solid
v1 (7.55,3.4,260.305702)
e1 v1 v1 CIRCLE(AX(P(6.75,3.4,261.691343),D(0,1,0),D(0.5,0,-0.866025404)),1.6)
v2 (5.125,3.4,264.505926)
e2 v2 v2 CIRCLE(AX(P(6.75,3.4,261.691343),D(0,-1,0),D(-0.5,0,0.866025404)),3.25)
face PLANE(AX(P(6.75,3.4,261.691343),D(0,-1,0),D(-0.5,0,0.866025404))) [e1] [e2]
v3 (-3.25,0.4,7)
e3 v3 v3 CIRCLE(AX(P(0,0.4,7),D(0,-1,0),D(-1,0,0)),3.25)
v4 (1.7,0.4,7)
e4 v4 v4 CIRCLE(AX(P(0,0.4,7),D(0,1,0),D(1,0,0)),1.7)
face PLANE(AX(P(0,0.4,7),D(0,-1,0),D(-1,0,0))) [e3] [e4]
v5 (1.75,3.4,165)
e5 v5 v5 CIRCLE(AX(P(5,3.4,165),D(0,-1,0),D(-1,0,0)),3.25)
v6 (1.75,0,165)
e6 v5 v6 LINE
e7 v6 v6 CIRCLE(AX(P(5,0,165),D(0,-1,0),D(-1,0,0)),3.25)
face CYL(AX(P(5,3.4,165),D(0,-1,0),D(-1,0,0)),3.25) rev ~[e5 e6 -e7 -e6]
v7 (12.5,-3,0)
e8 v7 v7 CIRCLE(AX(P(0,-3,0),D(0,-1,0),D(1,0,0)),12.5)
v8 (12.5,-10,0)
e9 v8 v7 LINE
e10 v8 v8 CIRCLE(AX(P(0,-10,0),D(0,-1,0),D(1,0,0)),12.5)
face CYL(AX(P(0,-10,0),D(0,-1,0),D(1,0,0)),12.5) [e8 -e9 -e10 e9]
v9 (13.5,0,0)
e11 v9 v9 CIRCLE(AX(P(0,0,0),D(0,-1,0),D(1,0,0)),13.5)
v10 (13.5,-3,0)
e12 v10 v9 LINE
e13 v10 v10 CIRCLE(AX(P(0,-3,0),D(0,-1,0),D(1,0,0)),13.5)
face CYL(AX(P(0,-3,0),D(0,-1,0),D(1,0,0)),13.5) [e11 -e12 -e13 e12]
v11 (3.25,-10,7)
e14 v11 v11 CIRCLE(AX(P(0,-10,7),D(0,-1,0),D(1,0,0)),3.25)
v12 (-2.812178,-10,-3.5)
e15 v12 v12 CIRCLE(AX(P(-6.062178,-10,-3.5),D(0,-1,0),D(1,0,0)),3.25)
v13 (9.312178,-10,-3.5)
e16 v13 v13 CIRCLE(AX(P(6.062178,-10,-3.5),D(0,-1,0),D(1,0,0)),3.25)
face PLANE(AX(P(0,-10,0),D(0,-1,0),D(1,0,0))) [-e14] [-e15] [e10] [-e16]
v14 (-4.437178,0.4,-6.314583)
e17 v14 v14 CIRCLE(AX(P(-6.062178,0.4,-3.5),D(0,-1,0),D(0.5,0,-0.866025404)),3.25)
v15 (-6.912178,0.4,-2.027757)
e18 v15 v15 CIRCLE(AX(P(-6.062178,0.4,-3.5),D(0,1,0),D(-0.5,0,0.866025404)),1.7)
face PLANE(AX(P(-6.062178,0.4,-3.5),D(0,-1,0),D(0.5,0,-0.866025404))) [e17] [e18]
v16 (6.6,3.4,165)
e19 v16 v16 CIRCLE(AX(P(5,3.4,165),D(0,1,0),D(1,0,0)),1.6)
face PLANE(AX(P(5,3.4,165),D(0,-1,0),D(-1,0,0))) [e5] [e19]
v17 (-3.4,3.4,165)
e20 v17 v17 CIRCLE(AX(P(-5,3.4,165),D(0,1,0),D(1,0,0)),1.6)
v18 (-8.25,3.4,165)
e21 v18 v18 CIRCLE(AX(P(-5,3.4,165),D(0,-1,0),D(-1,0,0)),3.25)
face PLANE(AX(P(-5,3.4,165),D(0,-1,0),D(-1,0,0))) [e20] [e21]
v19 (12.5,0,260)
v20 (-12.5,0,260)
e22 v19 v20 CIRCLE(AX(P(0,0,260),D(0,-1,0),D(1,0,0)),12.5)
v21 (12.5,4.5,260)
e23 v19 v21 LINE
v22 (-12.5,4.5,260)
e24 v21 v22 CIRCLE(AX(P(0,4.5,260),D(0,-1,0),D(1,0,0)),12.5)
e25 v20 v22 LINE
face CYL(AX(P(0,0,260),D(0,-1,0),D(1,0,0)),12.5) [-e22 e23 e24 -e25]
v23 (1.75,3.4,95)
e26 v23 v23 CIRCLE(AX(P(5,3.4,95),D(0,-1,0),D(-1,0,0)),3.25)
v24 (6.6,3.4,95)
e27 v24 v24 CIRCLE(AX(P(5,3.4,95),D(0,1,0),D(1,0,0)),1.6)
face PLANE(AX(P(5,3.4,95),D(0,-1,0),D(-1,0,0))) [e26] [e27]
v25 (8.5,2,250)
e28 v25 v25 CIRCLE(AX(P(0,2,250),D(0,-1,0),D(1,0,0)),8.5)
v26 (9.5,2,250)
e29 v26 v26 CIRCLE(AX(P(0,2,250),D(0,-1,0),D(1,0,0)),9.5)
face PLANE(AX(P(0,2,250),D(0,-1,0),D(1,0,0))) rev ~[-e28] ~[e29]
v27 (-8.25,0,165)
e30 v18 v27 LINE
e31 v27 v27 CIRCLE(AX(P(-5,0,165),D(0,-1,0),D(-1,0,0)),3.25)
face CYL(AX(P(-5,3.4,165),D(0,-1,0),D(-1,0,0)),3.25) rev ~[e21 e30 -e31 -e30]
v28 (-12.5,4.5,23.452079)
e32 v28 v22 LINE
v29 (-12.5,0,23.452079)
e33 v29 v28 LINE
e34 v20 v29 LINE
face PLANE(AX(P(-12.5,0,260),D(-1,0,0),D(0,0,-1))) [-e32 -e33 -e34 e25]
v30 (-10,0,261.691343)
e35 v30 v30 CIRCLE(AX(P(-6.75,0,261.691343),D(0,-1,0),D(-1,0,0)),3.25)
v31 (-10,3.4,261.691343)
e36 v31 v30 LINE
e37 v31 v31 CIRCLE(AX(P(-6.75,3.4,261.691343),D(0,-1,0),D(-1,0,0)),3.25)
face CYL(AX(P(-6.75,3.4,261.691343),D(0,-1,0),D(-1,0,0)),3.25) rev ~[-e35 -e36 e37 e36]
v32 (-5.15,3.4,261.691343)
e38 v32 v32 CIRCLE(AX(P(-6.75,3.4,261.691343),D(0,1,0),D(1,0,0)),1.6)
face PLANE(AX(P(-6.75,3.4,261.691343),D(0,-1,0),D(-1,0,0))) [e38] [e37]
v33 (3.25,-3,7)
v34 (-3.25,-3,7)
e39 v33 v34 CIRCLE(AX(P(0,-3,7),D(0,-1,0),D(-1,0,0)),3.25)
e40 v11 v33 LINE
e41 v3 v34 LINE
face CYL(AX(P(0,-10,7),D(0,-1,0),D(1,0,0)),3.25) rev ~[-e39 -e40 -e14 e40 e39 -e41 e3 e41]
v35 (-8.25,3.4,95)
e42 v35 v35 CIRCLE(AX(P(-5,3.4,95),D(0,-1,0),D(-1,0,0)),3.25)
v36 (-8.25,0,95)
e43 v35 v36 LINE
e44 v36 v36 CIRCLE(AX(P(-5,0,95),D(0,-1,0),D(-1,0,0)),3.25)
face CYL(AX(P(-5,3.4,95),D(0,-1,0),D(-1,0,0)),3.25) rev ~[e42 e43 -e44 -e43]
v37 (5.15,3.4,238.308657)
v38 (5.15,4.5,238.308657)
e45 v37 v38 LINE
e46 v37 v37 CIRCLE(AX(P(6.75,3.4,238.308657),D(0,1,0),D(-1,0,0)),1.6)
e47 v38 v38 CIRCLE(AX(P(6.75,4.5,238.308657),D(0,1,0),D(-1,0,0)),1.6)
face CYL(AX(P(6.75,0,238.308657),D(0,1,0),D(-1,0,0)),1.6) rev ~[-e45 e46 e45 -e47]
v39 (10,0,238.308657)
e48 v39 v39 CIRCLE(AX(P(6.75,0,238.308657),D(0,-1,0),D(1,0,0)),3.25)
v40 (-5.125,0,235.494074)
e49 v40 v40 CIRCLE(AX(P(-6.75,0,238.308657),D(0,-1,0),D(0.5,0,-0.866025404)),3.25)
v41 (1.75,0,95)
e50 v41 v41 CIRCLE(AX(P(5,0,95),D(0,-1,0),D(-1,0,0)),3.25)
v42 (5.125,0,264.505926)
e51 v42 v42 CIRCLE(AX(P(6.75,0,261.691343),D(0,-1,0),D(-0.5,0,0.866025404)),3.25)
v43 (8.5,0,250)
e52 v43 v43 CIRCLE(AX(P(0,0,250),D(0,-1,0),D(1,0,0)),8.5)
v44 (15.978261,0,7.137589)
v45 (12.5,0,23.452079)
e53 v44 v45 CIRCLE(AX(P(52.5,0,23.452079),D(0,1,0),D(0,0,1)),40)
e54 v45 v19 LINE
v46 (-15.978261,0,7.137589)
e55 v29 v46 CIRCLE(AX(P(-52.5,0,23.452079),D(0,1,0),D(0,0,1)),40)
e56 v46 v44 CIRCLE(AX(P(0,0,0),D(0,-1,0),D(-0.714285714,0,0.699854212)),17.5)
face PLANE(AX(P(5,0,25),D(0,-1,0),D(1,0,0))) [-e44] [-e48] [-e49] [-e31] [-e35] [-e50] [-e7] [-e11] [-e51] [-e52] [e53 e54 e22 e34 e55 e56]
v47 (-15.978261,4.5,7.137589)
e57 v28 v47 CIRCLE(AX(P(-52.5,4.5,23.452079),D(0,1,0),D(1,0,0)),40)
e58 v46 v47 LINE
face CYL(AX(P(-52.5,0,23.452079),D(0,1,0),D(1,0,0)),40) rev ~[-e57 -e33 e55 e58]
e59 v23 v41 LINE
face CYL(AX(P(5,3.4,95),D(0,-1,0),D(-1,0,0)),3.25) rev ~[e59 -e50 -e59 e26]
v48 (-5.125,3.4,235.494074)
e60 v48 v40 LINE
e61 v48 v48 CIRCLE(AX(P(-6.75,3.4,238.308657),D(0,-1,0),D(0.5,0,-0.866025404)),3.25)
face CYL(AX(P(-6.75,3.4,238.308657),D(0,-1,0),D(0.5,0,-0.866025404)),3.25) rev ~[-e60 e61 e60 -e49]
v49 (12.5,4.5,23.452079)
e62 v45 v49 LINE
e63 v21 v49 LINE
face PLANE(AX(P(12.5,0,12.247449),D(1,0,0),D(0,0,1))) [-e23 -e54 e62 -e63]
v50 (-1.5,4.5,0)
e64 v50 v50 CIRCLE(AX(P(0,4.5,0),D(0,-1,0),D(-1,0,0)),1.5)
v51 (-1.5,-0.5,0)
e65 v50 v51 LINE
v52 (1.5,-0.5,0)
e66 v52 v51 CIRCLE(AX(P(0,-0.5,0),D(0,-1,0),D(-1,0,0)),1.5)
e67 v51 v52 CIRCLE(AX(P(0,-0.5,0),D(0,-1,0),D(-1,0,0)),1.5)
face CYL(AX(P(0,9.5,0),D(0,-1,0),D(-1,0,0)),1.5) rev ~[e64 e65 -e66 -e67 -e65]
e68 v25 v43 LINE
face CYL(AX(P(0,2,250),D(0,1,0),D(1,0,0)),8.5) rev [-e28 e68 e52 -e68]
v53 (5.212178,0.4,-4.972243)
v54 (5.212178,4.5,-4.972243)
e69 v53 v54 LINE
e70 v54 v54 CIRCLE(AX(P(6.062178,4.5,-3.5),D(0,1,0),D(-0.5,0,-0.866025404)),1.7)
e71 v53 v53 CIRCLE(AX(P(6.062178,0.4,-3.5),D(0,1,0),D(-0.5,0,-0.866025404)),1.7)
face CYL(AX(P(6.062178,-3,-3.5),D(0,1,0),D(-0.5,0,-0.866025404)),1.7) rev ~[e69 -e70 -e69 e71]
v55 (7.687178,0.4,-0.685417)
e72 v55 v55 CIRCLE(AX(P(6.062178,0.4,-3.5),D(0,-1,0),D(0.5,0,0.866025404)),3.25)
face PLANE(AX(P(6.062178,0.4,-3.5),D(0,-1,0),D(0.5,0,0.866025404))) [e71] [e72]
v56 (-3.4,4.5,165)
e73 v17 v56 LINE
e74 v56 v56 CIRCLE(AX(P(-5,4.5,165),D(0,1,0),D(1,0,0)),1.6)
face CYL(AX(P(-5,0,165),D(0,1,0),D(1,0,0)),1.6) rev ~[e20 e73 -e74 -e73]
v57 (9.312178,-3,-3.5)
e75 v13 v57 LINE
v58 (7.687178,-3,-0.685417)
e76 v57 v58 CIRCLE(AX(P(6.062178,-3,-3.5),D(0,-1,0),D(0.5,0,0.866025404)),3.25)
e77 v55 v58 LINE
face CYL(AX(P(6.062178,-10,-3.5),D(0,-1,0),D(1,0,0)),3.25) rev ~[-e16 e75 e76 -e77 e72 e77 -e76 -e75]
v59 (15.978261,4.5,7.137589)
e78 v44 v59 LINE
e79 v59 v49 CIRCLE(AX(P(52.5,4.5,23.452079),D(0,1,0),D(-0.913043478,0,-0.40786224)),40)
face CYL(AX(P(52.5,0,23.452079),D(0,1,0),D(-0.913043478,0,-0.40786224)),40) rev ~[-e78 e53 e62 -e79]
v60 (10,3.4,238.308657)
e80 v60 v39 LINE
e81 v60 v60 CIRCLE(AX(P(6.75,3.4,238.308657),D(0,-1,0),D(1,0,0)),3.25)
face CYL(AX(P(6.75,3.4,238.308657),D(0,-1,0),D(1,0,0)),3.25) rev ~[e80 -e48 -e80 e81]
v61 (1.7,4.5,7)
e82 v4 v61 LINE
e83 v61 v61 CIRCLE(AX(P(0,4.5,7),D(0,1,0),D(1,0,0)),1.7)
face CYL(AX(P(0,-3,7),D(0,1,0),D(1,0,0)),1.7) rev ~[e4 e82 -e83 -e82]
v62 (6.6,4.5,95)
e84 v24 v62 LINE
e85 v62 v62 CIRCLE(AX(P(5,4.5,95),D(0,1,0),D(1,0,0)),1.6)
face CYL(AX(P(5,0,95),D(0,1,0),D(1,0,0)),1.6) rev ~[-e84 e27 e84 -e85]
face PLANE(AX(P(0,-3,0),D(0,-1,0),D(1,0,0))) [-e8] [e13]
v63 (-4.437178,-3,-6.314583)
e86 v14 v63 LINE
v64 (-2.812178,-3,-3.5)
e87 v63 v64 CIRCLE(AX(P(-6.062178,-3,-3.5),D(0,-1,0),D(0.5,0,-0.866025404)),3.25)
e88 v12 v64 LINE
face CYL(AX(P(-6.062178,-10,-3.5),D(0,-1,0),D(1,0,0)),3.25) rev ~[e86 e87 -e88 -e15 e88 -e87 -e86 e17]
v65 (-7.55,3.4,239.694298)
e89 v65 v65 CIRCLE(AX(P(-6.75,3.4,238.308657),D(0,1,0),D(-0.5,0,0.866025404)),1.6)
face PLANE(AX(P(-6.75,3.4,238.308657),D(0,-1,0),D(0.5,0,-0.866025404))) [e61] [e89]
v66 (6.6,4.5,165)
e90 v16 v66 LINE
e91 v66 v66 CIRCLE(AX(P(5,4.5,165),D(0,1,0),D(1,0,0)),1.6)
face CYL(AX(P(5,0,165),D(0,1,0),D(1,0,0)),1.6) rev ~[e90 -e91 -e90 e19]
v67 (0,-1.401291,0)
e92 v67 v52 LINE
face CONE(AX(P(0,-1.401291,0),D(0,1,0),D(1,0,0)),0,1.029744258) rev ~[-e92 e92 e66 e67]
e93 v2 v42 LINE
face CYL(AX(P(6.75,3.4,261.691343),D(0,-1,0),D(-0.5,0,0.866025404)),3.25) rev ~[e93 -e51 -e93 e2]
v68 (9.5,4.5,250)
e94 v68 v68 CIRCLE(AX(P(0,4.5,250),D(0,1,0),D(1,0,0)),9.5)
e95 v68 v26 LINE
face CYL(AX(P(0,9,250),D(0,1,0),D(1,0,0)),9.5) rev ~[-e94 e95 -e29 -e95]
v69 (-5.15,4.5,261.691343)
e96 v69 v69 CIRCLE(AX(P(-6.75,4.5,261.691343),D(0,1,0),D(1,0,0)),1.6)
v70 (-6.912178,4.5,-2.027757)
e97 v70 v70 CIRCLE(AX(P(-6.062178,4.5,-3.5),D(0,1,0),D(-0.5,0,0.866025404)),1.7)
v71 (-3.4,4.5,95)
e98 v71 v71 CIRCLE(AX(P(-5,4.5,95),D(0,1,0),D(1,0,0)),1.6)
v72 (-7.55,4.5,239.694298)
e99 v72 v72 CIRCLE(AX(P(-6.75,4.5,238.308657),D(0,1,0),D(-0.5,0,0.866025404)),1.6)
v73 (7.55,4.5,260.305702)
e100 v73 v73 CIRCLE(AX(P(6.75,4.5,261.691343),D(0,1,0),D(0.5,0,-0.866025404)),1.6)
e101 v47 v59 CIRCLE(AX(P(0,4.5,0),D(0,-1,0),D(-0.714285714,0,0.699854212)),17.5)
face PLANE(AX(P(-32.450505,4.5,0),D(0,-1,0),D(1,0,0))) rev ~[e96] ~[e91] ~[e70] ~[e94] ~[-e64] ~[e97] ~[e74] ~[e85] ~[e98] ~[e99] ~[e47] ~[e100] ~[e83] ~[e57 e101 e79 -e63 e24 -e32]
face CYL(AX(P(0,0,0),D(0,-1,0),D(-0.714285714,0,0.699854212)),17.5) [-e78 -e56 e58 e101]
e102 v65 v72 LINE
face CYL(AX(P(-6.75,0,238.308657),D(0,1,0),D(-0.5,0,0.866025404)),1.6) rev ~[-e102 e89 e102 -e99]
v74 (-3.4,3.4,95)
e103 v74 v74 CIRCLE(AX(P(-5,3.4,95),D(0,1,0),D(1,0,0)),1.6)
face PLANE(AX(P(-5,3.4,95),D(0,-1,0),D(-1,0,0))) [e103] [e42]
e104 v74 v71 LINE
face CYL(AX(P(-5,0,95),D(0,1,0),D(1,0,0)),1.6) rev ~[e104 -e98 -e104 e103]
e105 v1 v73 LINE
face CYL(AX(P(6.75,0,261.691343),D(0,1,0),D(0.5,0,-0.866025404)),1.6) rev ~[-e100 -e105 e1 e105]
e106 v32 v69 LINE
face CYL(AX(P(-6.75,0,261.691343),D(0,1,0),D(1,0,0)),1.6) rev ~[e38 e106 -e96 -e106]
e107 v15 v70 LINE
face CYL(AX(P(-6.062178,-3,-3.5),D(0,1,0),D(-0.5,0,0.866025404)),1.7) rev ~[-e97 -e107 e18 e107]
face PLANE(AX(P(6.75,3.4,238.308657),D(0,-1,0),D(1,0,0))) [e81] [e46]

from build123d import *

# Parameters (mm, degrees)
EXTRUDE_1_DEPTH              = 9
SKETCH_3_R                   = 13.5
EXTRUDE_2_DEPTH              = 2
EXTRUDE_START                = 3
SKETCH_4_R                   = 13.5
EXTRUDE_3_DEPTH              = 3
SKETCH_5_R                   = 9.5
CUT_EXTRUDE_2_DEPTH          = 274.324898244
HOLE_WIZARD_M3_4_D           = 3.4
HOLE_WIZARD_M3_4_CBORE_D     = 6.5
HOLE_WIZARD_M3_4_CBORE_DEPTH = 3.4
PATTERN_CIRCULAR_1_COUNT     = 3
EXTRUDE_START_2              = 7
SKETCH_11_R                  = 12.5
SKETCH_11_R_2                = 3.25
EXTRUDE_4_DEPTH              = 7
SKETCH_13_R                  = 11
CUT_EXTRUDE_3_DEPTH          = 3
FILLET_1_R                   = 40
SKETCH_26_W                  = 65.136073631
SKETCH_26_H                  = 16.815092821
CUT_EXTRUDE_5_DEPTH          = 1111
EXTRUDE_START_3              = -2
SKETCH_28_R                  = 9.5
SKETCH_28_R_2                = 8.5
EXTRUDE_5_DEPTH              = 2
HOLE_WIZARD_M3_2_D           = 3.2
HOLE_WIZARD_M3_2_CBORE_D     = 6.5
HOLE_WIZARD_M3_2_CBORE_DEPTH = 3.4
PATTERN_LINEAR_1_COUNT       = 3
PATTERN_LINEAR_1_PITCH       = 70
PATTERN_LINEAR_1_COUNT_DIR2  = 2
PATTERN_LINEAR_1_PITCH_DIR2  = 10
HOLE_WIZARD_M3_3_D           = 3.2
HOLE_WIZARD_M3_3_CBORE_D     = 6.5
HOLE_WIZARD_M3_3_CBORE_DEPTH = 3.4
PATTERN_CIRCULAR_2_COUNT     = 6
SKETCH_39_R                  = 3.25
EXTRUDE_6_DEPTH              = 4.5
F_3_0MM_1_D                  = 3
F_3_0MM_1_DEPTH              = 5
F_3_0MM_1_TIP                = 0.901290929


with BuildPart() as part:
    # 스케치1 → 보스-돌출1 (new body)
    with BuildSketch(Plane(origin=(0, 0, 0), x_dir=(1, 0, 0), z_dir=(0, 1, 0))):
        with BuildLine():
            Line((-12.5, -260), (-12.5, -12.247448714))
            ThreePointArc((-12.5, -12.247448714), (0, 17.5), (12.5, -12.247448714))
            Line((12.5, -12.247448714), (12.5, -260))
            ThreePointArc((12.5, -260), (0, -272.5), (-12.5, -260))
        make_face()
    extrude(amount=EXTRUDE_1_DEPTH)

    # 스케치3 → 보스-돌출2 (add)
    with BuildSketch(Plane(origin=(0, 9, 0), x_dir=(1, 0, 0), z_dir=(0, 1, 0))):
        Circle(SKETCH_3_R)
    extrude(amount=EXTRUDE_2_DEPTH)

    # 스케치4 → 보스-돌출3 (add)
    with BuildSketch(Plane.XZ.offset(EXTRUDE_START)):
        Circle(SKETCH_4_R)
    extrude(amount=-EXTRUDE_3_DEPTH)

    # 스케치5 → 컷-돌출2 (cut, through all)
    with BuildSketch(Plane(origin=(0, 9, 0), x_dir=(1, 0, 0), z_dir=(0, 1, 0))):
        with Locations((0, -250)):
            Circle(SKETCH_5_R)
    extrude(amount=-CUT_EXTRUDE_2_DEPTH, mode=Mode.SUBTRACT)

    # M3 육각 소켓 머리 캡 나사용 카운터보어4 (through all)
    with Locations(Plane(origin=(0, -3, 0), x_dir=(-1, 0, 0), z_dir=(0, -1, 0))):
        with Locations((0, -7)):
            hole_wizard_m3_4 = CounterBoreHole(HOLE_WIZARD_M3_4_D / 2, HOLE_WIZARD_M3_4_CBORE_D / 2, HOLE_WIZARD_M3_4_CBORE_DEPTH)

    # 원형 패턴1: M3 육각 소켓 머리 캡 나사용 카운터보어4 ×3 about axis
    pattern_circular_1_axis = Axis((0, 9, 0), (0, -1, 0))
    for i in range(1, PATTERN_CIRCULAR_1_COUNT):
        add(hole_wizard_m3_4.rotate(pattern_circular_1_axis, i * 360 / PATTERN_CIRCULAR_1_COUNT), mode=Mode.SUBTRACT)

    # 스케치11 → 보스-돌출4 (add)
    with BuildSketch(Plane.XZ.offset(3).offset(EXTRUDE_START_2)):
        Circle(SKETCH_11_R)
        with Locations((-6.062177826, -3.5)):
            Circle(SKETCH_11_R_2, mode=Mode.SUBTRACT)
        with Locations((6.062177826, -3.5)):
            Circle(SKETCH_11_R_2, mode=Mode.SUBTRACT)
        with Locations((0, 7)):
            Circle(SKETCH_11_R_2, mode=Mode.SUBTRACT)
    extrude(amount=-EXTRUDE_4_DEPTH)

    # 스케치13 → 컷-돌출3 (cut)
    with BuildSketch(Plane(origin=(0, 11, 0), x_dir=(1, 0, 0), z_dir=(0, 1, 0))):
        Circle(SKETCH_13_R)
    extrude(amount=-CUT_EXTRUDE_3_DEPTH, mode=Mode.SUBTRACT)

    # 필렛1
    fillet_1_edges = [part.edges().sort_by_distance(p)[0] for p in [
        (12.5, 4.5, 12.247448714),
        (-12.5, 4.5, 12.247448714),
    ]]
    fillet(fillet_1_edges, radius=FILLET_1_R)

    # 스케치26 → 컷-돌출5 (cut, symmetric)
    with BuildSketch(Plane.XY):
        with Locations((0.11753139, 12.907546411)):
            Rectangle(SKETCH_26_W, SKETCH_26_H)
    extrude(amount=CUT_EXTRUDE_5_DEPTH, both=True, mode=Mode.SUBTRACT)

    # 스케치28 → 보스-돌출5 (add)
    with BuildSketch(Plane.XZ.offset(EXTRUDE_START_3)):
        with Locations((0, 250)):
            Circle(SKETCH_28_R)
        with Locations((0, 250)):
            Circle(SKETCH_28_R_2, mode=Mode.SUBTRACT)
    extrude(amount=EXTRUDE_5_DEPTH)

    # M3 육각 소켓 머리 캡 나사용 카운터보어2 (through all)
    with Locations(Plane(origin=(0, 0, 0), x_dir=(-1, 0, 0), z_dir=(0, -1, 0))):
        with Locations((5, -25)):
            hole_wizard_m3_2 = CounterBoreHole(HOLE_WIZARD_M3_2_D / 2, HOLE_WIZARD_M3_2_CBORE_D / 2, HOLE_WIZARD_M3_2_CBORE_DEPTH)

    # 선형 패턴1: Hole Wizard M3 _ _ _ _ _ _2 3 × 2
    with Locations(*[(j * PATTERN_LINEAR_1_PITCH_DIR2, 0, i * PATTERN_LINEAR_1_PITCH) for i in range(PATTERN_LINEAR_1_COUNT) for j in range(PATTERN_LINEAR_1_COUNT_DIR2) if (i, j) != (0, 0)]):
        add(hole_wizard_m3_2, mode=Mode.SUBTRACT)

    # M3 육각 소켓 머리 캡 나사용 카운터보어3 (through all)
    with Locations(Plane(origin=(0, 0, 0), x_dir=(-1, 0, 0), z_dir=(0, -1, 0))):
        with Locations((6.75, -261.691342951)):
            hole_wizard_m3_3 = CounterBoreHole(HOLE_WIZARD_M3_3_D / 2, HOLE_WIZARD_M3_3_CBORE_D / 2, HOLE_WIZARD_M3_3_CBORE_DEPTH)

    # 원형 패턴2: M3 육각 소켓 머리 캡 나사용 카운터보어3 ×6 about axis, 2 skipped
    pattern_circular_2_axis = Axis((0, 2, 250), (0, -1, 0))
    add([hole_wizard_m3_3.rotate(pattern_circular_2_axis, i * 360 / PATTERN_CIRCULAR_2_COUNT) for i in range(1, PATTERN_CIRCULAR_2_COUNT) if i not in (1, 4)], mode=Mode.SUBTRACT)

    # 스케치39 → 보스-돌출6 (add)
    with BuildSketch(Plane.XZ):
        with Locations((5, 25)):
            Circle(SKETCH_39_R)
        with Locations((-5, 25)):
            Circle(SKETCH_39_R)
    extrude(amount=-EXTRUDE_6_DEPTH)

    # Ø3.0mm 맞춤핀 구멍1
    with Locations(Plane(origin=(0, 4.5, 0), x_dir=(1, 0, 0), z_dir=(0, 1, 0))):
        with Locations((0, 0)):
            Hole(F_3_0MM_1_D / 2, depth=F_3_0MM_1_DEPTH)
            with Locations((0, 0, -(F_3_0MM_1_DEPTH + F_3_0MM_1_TIP / 2))):  # 118° drill point
                Cone(0, F_3_0MM_1_D / 2, F_3_0MM_1_TIP, mode=Mode.SUBTRACT)


solid = part.part
